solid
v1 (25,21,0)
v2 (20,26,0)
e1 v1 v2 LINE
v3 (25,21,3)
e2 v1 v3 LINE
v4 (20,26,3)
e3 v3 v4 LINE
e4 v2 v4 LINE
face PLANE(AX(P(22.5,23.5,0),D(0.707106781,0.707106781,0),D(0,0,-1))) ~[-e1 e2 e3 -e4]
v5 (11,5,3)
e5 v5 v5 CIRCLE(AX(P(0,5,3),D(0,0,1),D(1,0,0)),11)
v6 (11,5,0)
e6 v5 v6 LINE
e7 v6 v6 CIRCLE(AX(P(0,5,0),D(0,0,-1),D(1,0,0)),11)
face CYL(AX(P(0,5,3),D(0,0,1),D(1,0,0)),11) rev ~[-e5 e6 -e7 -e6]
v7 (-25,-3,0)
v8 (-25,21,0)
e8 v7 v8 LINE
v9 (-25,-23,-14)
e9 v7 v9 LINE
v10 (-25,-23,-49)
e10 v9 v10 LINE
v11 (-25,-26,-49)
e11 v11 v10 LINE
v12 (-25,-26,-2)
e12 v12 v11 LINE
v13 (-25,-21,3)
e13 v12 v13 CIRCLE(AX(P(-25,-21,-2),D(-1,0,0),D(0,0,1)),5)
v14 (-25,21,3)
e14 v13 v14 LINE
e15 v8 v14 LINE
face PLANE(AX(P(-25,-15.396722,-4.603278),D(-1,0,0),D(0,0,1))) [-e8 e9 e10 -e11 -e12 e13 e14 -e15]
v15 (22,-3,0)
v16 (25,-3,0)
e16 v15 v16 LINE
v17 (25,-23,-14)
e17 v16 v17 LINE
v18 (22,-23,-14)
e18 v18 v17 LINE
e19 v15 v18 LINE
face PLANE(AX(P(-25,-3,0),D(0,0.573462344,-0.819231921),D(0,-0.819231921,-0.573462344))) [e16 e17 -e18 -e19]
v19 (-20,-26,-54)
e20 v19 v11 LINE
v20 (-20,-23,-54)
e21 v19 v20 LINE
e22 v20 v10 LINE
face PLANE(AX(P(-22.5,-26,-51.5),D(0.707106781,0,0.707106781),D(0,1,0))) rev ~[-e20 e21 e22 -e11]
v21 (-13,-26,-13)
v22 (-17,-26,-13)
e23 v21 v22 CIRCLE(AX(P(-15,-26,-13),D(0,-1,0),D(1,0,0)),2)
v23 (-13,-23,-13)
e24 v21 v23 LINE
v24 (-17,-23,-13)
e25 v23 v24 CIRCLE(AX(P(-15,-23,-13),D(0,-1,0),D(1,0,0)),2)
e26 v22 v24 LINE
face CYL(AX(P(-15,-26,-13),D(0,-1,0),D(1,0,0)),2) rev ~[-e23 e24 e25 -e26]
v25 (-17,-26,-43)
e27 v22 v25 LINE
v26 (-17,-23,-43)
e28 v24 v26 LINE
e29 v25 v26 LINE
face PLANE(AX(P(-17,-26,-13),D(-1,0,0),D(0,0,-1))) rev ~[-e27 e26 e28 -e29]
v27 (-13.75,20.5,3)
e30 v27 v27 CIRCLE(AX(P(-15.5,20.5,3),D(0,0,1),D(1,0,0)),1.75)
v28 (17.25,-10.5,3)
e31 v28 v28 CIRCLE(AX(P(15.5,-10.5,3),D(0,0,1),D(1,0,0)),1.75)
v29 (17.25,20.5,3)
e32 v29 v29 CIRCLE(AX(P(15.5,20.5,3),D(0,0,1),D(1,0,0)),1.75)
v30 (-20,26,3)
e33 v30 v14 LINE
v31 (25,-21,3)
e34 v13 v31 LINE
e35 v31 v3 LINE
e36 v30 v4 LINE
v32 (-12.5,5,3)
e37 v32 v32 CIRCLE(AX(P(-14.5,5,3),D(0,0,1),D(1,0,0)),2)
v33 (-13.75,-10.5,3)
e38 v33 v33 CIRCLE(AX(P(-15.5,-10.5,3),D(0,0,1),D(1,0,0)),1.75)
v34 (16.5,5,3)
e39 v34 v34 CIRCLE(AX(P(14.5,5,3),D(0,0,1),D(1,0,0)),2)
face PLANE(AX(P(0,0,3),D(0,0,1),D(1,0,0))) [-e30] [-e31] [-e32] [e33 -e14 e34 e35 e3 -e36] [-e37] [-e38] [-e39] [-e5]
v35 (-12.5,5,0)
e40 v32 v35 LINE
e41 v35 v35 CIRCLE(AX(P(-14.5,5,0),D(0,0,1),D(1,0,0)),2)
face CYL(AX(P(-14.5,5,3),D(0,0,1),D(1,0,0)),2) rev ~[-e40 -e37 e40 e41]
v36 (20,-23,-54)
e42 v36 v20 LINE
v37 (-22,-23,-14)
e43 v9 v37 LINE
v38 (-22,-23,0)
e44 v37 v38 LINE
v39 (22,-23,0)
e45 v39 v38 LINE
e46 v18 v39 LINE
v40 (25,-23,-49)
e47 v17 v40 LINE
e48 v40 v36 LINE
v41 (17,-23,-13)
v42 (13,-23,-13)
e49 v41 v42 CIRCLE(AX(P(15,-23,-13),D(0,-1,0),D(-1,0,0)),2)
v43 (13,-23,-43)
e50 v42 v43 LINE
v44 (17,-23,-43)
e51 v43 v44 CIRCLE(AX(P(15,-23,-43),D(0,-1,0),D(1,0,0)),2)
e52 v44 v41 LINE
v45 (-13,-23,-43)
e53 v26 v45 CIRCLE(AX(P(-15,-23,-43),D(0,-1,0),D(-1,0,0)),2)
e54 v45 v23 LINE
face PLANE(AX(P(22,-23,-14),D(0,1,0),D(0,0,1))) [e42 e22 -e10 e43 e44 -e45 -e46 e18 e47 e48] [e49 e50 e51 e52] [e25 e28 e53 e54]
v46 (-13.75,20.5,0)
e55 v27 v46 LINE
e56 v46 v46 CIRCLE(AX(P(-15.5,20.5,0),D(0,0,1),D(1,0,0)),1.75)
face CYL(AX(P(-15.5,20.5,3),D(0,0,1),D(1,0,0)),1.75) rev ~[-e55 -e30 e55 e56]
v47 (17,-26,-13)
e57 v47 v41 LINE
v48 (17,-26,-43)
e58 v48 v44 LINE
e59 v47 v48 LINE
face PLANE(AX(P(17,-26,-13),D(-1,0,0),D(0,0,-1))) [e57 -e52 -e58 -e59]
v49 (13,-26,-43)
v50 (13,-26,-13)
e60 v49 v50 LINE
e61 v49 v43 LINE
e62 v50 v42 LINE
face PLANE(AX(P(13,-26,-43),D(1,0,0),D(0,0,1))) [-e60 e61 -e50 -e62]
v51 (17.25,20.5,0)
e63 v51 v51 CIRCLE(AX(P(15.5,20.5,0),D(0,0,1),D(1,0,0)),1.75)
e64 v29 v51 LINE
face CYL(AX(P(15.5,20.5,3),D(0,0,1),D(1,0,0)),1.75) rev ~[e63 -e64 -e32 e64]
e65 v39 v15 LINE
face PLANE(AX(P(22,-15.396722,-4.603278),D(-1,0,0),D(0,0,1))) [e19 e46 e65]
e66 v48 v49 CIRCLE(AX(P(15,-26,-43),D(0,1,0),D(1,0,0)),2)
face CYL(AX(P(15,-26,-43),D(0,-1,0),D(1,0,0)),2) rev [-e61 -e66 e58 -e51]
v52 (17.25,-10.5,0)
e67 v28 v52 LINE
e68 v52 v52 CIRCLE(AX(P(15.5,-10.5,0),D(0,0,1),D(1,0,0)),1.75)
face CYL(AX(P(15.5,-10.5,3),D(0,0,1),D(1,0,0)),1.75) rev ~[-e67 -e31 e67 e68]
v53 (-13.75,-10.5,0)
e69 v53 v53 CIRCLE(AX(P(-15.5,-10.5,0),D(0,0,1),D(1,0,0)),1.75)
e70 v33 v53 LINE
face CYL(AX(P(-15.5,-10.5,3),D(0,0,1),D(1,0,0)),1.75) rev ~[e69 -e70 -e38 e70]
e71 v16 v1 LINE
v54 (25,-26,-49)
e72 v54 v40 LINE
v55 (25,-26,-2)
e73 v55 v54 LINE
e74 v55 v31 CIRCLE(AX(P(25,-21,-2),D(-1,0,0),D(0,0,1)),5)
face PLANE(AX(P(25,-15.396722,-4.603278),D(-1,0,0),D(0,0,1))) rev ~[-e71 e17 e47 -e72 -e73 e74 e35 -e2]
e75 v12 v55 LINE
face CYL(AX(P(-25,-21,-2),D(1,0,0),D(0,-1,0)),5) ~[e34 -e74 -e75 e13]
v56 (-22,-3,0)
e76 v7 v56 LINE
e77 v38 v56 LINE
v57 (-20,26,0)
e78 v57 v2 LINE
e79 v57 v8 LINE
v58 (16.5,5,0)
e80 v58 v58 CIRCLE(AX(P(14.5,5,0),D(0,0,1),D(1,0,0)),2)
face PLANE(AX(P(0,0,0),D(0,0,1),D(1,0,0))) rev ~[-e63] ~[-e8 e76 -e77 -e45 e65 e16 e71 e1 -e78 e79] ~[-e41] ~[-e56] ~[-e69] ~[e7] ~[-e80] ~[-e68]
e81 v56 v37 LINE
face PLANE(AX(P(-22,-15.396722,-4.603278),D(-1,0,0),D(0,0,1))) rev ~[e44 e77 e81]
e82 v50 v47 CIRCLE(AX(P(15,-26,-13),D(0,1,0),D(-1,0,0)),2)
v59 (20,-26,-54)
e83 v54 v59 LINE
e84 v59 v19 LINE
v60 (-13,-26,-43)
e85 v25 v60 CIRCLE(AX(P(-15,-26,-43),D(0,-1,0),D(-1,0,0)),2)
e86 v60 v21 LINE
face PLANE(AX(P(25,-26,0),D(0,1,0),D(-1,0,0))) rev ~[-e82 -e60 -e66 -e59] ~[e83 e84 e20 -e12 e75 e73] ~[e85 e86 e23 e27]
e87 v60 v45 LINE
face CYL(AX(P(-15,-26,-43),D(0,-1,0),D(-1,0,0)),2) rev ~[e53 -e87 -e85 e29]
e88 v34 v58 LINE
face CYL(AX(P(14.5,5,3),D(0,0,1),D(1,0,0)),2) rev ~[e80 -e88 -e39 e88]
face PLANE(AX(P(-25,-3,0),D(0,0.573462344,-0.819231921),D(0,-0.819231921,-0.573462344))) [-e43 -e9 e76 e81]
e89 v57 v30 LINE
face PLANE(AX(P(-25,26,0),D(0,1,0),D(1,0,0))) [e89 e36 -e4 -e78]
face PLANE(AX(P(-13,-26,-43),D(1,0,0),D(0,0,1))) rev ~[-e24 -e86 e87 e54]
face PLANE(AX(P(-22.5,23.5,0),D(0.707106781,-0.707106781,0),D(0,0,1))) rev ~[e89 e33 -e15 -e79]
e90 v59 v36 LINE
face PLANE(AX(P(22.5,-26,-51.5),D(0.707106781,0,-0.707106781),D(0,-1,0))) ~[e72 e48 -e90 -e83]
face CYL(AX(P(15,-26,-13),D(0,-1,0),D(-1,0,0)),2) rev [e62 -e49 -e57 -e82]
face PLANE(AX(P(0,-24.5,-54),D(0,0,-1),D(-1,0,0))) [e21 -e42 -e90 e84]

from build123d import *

# Parameters (mm, degrees)
SKETCH_1_W          = 50
SKETCH_1_H          = 52
EXTRUDE_1_DEPTH     = 3
SKETCH_2_W          = 50
SKETCH_2_H          = 3
EXTRUDE_2_DEPTH     = 54
SKETCH_3_R          = 11
SKETCH_3_R_2        = 2
SKETCH_3_R_3        = 1.75
CUT_EXTRUDE_1_DEPTH = 68.453687816
CHAMFER_1_SIZE      = 5
CHAMFER_2_SIZE      = 5
CUT_EXTRUDE_2_DEPTH = 80.025312401
EXTRUDE_START       = -50
EXTRUDE_3_DEPTH     = 50
CUT_EXTRUDE_START   = -3
CUT_EXTRUDE_3_DEPTH = 44
FILLET_1_R          = 5


with BuildPart() as part:
    # 草圖1 → 填料-伸長1 (new body)
    with BuildSketch(Plane.XY):
        Rectangle(SKETCH_1_W, SKETCH_1_H)
    extrude(amount=EXTRUDE_1_DEPTH)

    # 草圖2 → 填料-伸長2 (add)
    with BuildSketch(Plane(origin=(0, 0, 0), x_dir=(-1, 0, 0), z_dir=(0, 0, -1))):
        with Locations((0, -24.5)):
            Rectangle(SKETCH_2_W, SKETCH_2_H)
    extrude(amount=EXTRUDE_2_DEPTH)

    # 草圖3 → 除料-伸長1 (cut, through all)
    with BuildSketch(Plane.XY.offset(3)):
        with Locations((0, 5)):
            Circle(SKETCH_3_R)
        with Locations((14.5, 5)):
            Circle(SKETCH_3_R_2)
        with Locations((-14.5, 5)):
            Circle(SKETCH_3_R_2)
        with Locations((-15.5, -10.5)):
            Circle(SKETCH_3_R_3)
        with Locations((-15.5, 20.5)):
            Circle(SKETCH_3_R_3)
        with Locations((15.5, 20.5)):
            Circle(SKETCH_3_R_3)
        with Locations((15.5, -10.5)):
            Circle(SKETCH_3_R_3)
    extrude(amount=-CUT_EXTRUDE_1_DEPTH, mode=Mode.SUBTRACT)

    # 導角1
    chamfer_1_edges = [part.edges().sort_by_distance(p)[0] for p in [
        (-25, 26, 1.5),
        (25, 26, 1.5),
    ]]
    chamfer(chamfer_1_edges, length=CHAMFER_1_SIZE)

    # 導角2
    chamfer_2_edges = [part.edges().sort_by_distance(p)[0] for p in [
        (25, -24.5, -54),
        (-25, -24.5, -54),
    ]]
    chamfer(chamfer_2_edges, length=CHAMFER_2_SIZE)

    # 草圖4 → 除料-伸長2 (cut, through all)
    with BuildSketch(Plane.XZ.offset(26)):
        with BuildLine():
            Line((13, -43), (13, -13))
            ThreePointArc((13, -13), (15, -11), (17, -13))
            Line((17, -13), (17, -43))
            ThreePointArc((17, -43), (15, -45), (13, -43))
        make_face()
        with BuildLine():
            Line((-13, -43), (-13, -13))
            ThreePointArc((-13, -13), (-15, -11), (-17, -13))
            Line((-17, -13), (-17, -43))
            ThreePointArc((-17, -43), (-15, -45), (-13, -43))
        make_face()
    extrude(amount=-CUT_EXTRUDE_2_DEPTH, mode=Mode.SUBTRACT)

    # 草圖5 → 填料-伸長3 (add)
    with BuildSketch(Plane(origin=(25, 0, 0), x_dir=(0, 0, -1), z_dir=(1, 0, 0)).offset(EXTRUDE_START)):
        Polygon((0, -23), (0, -3), (14, -23), align=None)
    extrude(amount=EXTRUDE_3_DEPTH)

    # 草圖6 → 除料-伸長3 (cut)
    with BuildSketch(Plane(origin=(25, 0, 0), x_dir=(0, 0, -1), z_dir=(1, 0, 0)).offset(CUT_EXTRUDE_START)):
        Polygon((0, -3), (14, -23), (0, -23), align=None)
    extrude(amount=-CUT_EXTRUDE_3_DEPTH, mode=Mode.SUBTRACT)

    # 圓角1
    fillet_1_edges = [part.edges().sort_by_distance(p)[0] for p in [
        (0, -26, 3),
    ]]
    fillet(fillet_1_edges, radius=FILLET_1_R)


solid = part.part
